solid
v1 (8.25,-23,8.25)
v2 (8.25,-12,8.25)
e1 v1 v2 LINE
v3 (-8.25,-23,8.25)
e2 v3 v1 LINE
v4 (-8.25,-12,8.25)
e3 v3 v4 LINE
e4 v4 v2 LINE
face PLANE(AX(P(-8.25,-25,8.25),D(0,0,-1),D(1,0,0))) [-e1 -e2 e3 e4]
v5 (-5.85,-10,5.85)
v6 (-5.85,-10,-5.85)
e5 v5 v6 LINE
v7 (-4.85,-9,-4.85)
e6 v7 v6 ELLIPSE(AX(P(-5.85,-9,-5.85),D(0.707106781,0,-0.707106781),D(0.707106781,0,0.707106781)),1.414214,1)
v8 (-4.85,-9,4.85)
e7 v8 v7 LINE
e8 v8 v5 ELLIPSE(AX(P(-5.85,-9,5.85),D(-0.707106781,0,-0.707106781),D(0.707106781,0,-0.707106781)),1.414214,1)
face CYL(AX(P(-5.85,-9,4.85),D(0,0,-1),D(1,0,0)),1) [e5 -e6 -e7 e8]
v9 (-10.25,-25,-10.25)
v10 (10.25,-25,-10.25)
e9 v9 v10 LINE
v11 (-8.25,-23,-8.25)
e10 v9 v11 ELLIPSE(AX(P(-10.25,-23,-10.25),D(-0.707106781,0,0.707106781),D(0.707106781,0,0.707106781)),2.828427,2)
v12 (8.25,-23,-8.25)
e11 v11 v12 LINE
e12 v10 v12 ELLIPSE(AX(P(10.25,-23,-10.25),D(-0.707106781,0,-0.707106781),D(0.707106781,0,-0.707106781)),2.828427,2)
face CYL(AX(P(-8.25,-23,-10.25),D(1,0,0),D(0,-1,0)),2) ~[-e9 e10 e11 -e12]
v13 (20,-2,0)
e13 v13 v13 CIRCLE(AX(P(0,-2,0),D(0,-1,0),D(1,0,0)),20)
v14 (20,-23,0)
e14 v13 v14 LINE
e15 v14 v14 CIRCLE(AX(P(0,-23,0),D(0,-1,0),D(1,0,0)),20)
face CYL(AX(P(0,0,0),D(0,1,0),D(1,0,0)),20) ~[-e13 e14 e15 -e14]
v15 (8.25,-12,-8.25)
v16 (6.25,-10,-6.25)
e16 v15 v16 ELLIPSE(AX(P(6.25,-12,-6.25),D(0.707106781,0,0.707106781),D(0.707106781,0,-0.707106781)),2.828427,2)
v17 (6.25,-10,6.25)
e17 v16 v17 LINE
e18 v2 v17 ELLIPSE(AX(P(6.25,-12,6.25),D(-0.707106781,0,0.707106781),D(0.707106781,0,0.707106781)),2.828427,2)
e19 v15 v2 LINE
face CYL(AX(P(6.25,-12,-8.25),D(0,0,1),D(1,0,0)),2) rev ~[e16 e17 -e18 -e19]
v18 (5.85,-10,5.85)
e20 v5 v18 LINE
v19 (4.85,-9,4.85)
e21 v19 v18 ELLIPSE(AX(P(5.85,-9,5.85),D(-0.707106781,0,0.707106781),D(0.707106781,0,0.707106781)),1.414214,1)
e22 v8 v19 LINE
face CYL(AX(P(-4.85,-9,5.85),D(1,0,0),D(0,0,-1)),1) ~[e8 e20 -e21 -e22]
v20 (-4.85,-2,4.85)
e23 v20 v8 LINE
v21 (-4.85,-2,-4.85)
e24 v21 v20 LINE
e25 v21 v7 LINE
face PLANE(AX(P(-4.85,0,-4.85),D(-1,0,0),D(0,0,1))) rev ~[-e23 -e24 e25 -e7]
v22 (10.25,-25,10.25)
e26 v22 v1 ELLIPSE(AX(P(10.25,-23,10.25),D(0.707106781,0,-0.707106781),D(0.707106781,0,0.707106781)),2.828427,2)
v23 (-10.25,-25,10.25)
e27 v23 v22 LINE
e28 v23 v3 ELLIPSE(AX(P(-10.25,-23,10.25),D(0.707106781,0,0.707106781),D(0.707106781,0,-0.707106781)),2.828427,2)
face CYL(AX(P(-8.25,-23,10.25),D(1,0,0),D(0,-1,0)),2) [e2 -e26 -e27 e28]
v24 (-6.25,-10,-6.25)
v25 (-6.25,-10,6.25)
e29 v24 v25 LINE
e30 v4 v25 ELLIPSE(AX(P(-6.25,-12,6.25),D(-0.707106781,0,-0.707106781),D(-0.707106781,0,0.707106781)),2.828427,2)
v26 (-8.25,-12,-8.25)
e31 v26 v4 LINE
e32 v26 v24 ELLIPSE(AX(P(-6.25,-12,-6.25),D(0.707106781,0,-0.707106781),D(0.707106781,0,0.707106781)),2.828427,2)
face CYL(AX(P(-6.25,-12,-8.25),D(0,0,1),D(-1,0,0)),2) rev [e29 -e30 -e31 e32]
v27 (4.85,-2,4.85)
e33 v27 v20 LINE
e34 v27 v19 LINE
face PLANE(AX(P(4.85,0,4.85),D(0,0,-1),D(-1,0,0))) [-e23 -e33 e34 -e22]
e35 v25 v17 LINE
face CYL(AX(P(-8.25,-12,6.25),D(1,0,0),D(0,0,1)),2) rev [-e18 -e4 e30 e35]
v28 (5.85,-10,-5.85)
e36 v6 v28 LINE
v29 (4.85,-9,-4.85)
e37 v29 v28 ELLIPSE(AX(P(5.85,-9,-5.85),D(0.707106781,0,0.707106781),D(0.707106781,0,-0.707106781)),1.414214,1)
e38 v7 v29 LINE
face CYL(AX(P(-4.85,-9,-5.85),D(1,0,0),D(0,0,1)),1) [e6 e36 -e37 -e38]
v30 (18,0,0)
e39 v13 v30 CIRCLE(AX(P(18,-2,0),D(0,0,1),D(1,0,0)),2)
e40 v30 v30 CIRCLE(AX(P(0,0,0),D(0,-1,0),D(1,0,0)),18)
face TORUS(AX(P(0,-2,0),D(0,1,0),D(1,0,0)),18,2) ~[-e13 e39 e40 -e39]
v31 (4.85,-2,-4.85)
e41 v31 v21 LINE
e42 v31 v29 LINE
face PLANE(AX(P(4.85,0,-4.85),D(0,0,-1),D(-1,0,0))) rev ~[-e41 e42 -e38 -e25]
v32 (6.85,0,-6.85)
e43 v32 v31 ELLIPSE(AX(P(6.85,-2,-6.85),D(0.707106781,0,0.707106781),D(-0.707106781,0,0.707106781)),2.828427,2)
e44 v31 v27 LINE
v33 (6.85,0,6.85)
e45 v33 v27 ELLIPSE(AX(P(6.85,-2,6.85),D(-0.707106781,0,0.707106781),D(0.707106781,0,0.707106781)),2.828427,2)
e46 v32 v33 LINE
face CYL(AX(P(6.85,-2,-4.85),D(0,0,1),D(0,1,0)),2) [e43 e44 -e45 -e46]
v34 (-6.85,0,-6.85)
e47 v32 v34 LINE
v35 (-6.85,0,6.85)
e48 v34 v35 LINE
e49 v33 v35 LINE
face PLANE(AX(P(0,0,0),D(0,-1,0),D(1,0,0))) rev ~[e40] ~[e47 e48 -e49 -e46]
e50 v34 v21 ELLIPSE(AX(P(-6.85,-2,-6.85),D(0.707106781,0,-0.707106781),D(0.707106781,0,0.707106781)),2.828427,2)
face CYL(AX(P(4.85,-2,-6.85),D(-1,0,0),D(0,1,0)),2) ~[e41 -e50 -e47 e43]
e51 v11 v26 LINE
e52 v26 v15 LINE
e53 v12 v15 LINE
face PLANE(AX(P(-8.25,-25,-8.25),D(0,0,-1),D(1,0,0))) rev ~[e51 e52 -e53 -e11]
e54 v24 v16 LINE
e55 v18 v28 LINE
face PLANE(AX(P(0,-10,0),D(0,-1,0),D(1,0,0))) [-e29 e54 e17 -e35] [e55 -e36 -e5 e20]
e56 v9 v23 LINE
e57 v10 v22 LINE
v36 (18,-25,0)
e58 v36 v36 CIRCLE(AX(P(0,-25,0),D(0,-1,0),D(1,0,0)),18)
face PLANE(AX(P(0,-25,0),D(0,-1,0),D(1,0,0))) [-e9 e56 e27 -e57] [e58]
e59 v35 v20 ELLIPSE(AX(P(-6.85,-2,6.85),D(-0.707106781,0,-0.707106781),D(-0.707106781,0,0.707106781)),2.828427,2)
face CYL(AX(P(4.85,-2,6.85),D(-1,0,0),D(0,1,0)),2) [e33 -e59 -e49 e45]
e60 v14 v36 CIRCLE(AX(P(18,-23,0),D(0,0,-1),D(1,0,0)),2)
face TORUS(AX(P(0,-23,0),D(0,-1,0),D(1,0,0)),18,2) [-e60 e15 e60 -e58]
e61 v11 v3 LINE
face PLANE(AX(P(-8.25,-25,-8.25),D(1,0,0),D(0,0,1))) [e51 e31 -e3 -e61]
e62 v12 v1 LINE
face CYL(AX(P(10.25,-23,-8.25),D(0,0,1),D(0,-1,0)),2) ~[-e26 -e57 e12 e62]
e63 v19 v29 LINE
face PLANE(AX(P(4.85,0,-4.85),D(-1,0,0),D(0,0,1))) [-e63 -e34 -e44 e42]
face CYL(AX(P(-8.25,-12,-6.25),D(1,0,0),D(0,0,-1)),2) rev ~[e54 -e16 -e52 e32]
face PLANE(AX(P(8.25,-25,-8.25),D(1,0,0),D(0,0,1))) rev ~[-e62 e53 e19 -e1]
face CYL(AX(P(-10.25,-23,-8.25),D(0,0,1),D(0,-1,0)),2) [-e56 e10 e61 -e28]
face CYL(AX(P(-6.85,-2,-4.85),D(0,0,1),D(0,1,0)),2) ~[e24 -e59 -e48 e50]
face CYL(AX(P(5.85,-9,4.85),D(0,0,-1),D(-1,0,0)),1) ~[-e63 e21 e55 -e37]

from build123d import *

# Parameters (mm, degrees)
F0_R     = 20
F1_DEPTH = 25
F2_W     = 16.5
F2_H     = 16.5
F3_DEPTH = 15
F4_W     = 9.7
F4_H     = 9.7
F5_DEPTH = 25
F6_R     = 2
F7_R     = 1


with BuildPart() as f1:
    # F0 (on Front) → F1 (new body)
    with BuildSketch(Plane.XZ):
        Circle(F0_R)
    extrude(amount=F1_DEPTH)

    # F2 (on face) → F3 (cut)
    with BuildSketch(Plane.XZ.offset(25)):
        Rectangle(F2_W, F2_H)
    extrude(amount=-F3_DEPTH, mode=Mode.SUBTRACT)

    # F4 (on face) → F5 (cut)
    with BuildSketch(Plane(origin=(0, 0, 0), x_dir=(-1, 0, 0), z_dir=(0, 1, 0))):
        Rectangle(F4_W, F4_H)
    extrude(amount=-F5_DEPTH, mode=Mode.SUBTRACT)

    # F6
    f6_edges = [f1.edges().sort_by_distance(p)[0] for p in [
        (0, -10, -8.25),
        (-8.25, -10, 0),
        (8.25, -10, 0),
        (0, -10, 8.25),
        (-20, -25, 0),
        (0, -25, 8.25),
        (-8.25, -25, 0),
        (0, -25, -8.25),
        (8.25, -25, 0),
        (-20, 0, 0),
        (-4.85, 0, 0),
        (0, 0, -4.85),
        (4.85, 0, 0),
        (0, 0, 4.85),
    ]]
    fillet(f6_edges, radius=F6_R)

    # F7
    f7_edges = [f1.edges().sort_by_distance(p)[0] for p in [
        (0, -10, -4.85),
        (-4.85, -10, 0),
        (0, -10, 4.85),
        (4.85, -10, 0),
    ]]
    fillet(f7_edges, radius=F7_R)


solid = f1.part
